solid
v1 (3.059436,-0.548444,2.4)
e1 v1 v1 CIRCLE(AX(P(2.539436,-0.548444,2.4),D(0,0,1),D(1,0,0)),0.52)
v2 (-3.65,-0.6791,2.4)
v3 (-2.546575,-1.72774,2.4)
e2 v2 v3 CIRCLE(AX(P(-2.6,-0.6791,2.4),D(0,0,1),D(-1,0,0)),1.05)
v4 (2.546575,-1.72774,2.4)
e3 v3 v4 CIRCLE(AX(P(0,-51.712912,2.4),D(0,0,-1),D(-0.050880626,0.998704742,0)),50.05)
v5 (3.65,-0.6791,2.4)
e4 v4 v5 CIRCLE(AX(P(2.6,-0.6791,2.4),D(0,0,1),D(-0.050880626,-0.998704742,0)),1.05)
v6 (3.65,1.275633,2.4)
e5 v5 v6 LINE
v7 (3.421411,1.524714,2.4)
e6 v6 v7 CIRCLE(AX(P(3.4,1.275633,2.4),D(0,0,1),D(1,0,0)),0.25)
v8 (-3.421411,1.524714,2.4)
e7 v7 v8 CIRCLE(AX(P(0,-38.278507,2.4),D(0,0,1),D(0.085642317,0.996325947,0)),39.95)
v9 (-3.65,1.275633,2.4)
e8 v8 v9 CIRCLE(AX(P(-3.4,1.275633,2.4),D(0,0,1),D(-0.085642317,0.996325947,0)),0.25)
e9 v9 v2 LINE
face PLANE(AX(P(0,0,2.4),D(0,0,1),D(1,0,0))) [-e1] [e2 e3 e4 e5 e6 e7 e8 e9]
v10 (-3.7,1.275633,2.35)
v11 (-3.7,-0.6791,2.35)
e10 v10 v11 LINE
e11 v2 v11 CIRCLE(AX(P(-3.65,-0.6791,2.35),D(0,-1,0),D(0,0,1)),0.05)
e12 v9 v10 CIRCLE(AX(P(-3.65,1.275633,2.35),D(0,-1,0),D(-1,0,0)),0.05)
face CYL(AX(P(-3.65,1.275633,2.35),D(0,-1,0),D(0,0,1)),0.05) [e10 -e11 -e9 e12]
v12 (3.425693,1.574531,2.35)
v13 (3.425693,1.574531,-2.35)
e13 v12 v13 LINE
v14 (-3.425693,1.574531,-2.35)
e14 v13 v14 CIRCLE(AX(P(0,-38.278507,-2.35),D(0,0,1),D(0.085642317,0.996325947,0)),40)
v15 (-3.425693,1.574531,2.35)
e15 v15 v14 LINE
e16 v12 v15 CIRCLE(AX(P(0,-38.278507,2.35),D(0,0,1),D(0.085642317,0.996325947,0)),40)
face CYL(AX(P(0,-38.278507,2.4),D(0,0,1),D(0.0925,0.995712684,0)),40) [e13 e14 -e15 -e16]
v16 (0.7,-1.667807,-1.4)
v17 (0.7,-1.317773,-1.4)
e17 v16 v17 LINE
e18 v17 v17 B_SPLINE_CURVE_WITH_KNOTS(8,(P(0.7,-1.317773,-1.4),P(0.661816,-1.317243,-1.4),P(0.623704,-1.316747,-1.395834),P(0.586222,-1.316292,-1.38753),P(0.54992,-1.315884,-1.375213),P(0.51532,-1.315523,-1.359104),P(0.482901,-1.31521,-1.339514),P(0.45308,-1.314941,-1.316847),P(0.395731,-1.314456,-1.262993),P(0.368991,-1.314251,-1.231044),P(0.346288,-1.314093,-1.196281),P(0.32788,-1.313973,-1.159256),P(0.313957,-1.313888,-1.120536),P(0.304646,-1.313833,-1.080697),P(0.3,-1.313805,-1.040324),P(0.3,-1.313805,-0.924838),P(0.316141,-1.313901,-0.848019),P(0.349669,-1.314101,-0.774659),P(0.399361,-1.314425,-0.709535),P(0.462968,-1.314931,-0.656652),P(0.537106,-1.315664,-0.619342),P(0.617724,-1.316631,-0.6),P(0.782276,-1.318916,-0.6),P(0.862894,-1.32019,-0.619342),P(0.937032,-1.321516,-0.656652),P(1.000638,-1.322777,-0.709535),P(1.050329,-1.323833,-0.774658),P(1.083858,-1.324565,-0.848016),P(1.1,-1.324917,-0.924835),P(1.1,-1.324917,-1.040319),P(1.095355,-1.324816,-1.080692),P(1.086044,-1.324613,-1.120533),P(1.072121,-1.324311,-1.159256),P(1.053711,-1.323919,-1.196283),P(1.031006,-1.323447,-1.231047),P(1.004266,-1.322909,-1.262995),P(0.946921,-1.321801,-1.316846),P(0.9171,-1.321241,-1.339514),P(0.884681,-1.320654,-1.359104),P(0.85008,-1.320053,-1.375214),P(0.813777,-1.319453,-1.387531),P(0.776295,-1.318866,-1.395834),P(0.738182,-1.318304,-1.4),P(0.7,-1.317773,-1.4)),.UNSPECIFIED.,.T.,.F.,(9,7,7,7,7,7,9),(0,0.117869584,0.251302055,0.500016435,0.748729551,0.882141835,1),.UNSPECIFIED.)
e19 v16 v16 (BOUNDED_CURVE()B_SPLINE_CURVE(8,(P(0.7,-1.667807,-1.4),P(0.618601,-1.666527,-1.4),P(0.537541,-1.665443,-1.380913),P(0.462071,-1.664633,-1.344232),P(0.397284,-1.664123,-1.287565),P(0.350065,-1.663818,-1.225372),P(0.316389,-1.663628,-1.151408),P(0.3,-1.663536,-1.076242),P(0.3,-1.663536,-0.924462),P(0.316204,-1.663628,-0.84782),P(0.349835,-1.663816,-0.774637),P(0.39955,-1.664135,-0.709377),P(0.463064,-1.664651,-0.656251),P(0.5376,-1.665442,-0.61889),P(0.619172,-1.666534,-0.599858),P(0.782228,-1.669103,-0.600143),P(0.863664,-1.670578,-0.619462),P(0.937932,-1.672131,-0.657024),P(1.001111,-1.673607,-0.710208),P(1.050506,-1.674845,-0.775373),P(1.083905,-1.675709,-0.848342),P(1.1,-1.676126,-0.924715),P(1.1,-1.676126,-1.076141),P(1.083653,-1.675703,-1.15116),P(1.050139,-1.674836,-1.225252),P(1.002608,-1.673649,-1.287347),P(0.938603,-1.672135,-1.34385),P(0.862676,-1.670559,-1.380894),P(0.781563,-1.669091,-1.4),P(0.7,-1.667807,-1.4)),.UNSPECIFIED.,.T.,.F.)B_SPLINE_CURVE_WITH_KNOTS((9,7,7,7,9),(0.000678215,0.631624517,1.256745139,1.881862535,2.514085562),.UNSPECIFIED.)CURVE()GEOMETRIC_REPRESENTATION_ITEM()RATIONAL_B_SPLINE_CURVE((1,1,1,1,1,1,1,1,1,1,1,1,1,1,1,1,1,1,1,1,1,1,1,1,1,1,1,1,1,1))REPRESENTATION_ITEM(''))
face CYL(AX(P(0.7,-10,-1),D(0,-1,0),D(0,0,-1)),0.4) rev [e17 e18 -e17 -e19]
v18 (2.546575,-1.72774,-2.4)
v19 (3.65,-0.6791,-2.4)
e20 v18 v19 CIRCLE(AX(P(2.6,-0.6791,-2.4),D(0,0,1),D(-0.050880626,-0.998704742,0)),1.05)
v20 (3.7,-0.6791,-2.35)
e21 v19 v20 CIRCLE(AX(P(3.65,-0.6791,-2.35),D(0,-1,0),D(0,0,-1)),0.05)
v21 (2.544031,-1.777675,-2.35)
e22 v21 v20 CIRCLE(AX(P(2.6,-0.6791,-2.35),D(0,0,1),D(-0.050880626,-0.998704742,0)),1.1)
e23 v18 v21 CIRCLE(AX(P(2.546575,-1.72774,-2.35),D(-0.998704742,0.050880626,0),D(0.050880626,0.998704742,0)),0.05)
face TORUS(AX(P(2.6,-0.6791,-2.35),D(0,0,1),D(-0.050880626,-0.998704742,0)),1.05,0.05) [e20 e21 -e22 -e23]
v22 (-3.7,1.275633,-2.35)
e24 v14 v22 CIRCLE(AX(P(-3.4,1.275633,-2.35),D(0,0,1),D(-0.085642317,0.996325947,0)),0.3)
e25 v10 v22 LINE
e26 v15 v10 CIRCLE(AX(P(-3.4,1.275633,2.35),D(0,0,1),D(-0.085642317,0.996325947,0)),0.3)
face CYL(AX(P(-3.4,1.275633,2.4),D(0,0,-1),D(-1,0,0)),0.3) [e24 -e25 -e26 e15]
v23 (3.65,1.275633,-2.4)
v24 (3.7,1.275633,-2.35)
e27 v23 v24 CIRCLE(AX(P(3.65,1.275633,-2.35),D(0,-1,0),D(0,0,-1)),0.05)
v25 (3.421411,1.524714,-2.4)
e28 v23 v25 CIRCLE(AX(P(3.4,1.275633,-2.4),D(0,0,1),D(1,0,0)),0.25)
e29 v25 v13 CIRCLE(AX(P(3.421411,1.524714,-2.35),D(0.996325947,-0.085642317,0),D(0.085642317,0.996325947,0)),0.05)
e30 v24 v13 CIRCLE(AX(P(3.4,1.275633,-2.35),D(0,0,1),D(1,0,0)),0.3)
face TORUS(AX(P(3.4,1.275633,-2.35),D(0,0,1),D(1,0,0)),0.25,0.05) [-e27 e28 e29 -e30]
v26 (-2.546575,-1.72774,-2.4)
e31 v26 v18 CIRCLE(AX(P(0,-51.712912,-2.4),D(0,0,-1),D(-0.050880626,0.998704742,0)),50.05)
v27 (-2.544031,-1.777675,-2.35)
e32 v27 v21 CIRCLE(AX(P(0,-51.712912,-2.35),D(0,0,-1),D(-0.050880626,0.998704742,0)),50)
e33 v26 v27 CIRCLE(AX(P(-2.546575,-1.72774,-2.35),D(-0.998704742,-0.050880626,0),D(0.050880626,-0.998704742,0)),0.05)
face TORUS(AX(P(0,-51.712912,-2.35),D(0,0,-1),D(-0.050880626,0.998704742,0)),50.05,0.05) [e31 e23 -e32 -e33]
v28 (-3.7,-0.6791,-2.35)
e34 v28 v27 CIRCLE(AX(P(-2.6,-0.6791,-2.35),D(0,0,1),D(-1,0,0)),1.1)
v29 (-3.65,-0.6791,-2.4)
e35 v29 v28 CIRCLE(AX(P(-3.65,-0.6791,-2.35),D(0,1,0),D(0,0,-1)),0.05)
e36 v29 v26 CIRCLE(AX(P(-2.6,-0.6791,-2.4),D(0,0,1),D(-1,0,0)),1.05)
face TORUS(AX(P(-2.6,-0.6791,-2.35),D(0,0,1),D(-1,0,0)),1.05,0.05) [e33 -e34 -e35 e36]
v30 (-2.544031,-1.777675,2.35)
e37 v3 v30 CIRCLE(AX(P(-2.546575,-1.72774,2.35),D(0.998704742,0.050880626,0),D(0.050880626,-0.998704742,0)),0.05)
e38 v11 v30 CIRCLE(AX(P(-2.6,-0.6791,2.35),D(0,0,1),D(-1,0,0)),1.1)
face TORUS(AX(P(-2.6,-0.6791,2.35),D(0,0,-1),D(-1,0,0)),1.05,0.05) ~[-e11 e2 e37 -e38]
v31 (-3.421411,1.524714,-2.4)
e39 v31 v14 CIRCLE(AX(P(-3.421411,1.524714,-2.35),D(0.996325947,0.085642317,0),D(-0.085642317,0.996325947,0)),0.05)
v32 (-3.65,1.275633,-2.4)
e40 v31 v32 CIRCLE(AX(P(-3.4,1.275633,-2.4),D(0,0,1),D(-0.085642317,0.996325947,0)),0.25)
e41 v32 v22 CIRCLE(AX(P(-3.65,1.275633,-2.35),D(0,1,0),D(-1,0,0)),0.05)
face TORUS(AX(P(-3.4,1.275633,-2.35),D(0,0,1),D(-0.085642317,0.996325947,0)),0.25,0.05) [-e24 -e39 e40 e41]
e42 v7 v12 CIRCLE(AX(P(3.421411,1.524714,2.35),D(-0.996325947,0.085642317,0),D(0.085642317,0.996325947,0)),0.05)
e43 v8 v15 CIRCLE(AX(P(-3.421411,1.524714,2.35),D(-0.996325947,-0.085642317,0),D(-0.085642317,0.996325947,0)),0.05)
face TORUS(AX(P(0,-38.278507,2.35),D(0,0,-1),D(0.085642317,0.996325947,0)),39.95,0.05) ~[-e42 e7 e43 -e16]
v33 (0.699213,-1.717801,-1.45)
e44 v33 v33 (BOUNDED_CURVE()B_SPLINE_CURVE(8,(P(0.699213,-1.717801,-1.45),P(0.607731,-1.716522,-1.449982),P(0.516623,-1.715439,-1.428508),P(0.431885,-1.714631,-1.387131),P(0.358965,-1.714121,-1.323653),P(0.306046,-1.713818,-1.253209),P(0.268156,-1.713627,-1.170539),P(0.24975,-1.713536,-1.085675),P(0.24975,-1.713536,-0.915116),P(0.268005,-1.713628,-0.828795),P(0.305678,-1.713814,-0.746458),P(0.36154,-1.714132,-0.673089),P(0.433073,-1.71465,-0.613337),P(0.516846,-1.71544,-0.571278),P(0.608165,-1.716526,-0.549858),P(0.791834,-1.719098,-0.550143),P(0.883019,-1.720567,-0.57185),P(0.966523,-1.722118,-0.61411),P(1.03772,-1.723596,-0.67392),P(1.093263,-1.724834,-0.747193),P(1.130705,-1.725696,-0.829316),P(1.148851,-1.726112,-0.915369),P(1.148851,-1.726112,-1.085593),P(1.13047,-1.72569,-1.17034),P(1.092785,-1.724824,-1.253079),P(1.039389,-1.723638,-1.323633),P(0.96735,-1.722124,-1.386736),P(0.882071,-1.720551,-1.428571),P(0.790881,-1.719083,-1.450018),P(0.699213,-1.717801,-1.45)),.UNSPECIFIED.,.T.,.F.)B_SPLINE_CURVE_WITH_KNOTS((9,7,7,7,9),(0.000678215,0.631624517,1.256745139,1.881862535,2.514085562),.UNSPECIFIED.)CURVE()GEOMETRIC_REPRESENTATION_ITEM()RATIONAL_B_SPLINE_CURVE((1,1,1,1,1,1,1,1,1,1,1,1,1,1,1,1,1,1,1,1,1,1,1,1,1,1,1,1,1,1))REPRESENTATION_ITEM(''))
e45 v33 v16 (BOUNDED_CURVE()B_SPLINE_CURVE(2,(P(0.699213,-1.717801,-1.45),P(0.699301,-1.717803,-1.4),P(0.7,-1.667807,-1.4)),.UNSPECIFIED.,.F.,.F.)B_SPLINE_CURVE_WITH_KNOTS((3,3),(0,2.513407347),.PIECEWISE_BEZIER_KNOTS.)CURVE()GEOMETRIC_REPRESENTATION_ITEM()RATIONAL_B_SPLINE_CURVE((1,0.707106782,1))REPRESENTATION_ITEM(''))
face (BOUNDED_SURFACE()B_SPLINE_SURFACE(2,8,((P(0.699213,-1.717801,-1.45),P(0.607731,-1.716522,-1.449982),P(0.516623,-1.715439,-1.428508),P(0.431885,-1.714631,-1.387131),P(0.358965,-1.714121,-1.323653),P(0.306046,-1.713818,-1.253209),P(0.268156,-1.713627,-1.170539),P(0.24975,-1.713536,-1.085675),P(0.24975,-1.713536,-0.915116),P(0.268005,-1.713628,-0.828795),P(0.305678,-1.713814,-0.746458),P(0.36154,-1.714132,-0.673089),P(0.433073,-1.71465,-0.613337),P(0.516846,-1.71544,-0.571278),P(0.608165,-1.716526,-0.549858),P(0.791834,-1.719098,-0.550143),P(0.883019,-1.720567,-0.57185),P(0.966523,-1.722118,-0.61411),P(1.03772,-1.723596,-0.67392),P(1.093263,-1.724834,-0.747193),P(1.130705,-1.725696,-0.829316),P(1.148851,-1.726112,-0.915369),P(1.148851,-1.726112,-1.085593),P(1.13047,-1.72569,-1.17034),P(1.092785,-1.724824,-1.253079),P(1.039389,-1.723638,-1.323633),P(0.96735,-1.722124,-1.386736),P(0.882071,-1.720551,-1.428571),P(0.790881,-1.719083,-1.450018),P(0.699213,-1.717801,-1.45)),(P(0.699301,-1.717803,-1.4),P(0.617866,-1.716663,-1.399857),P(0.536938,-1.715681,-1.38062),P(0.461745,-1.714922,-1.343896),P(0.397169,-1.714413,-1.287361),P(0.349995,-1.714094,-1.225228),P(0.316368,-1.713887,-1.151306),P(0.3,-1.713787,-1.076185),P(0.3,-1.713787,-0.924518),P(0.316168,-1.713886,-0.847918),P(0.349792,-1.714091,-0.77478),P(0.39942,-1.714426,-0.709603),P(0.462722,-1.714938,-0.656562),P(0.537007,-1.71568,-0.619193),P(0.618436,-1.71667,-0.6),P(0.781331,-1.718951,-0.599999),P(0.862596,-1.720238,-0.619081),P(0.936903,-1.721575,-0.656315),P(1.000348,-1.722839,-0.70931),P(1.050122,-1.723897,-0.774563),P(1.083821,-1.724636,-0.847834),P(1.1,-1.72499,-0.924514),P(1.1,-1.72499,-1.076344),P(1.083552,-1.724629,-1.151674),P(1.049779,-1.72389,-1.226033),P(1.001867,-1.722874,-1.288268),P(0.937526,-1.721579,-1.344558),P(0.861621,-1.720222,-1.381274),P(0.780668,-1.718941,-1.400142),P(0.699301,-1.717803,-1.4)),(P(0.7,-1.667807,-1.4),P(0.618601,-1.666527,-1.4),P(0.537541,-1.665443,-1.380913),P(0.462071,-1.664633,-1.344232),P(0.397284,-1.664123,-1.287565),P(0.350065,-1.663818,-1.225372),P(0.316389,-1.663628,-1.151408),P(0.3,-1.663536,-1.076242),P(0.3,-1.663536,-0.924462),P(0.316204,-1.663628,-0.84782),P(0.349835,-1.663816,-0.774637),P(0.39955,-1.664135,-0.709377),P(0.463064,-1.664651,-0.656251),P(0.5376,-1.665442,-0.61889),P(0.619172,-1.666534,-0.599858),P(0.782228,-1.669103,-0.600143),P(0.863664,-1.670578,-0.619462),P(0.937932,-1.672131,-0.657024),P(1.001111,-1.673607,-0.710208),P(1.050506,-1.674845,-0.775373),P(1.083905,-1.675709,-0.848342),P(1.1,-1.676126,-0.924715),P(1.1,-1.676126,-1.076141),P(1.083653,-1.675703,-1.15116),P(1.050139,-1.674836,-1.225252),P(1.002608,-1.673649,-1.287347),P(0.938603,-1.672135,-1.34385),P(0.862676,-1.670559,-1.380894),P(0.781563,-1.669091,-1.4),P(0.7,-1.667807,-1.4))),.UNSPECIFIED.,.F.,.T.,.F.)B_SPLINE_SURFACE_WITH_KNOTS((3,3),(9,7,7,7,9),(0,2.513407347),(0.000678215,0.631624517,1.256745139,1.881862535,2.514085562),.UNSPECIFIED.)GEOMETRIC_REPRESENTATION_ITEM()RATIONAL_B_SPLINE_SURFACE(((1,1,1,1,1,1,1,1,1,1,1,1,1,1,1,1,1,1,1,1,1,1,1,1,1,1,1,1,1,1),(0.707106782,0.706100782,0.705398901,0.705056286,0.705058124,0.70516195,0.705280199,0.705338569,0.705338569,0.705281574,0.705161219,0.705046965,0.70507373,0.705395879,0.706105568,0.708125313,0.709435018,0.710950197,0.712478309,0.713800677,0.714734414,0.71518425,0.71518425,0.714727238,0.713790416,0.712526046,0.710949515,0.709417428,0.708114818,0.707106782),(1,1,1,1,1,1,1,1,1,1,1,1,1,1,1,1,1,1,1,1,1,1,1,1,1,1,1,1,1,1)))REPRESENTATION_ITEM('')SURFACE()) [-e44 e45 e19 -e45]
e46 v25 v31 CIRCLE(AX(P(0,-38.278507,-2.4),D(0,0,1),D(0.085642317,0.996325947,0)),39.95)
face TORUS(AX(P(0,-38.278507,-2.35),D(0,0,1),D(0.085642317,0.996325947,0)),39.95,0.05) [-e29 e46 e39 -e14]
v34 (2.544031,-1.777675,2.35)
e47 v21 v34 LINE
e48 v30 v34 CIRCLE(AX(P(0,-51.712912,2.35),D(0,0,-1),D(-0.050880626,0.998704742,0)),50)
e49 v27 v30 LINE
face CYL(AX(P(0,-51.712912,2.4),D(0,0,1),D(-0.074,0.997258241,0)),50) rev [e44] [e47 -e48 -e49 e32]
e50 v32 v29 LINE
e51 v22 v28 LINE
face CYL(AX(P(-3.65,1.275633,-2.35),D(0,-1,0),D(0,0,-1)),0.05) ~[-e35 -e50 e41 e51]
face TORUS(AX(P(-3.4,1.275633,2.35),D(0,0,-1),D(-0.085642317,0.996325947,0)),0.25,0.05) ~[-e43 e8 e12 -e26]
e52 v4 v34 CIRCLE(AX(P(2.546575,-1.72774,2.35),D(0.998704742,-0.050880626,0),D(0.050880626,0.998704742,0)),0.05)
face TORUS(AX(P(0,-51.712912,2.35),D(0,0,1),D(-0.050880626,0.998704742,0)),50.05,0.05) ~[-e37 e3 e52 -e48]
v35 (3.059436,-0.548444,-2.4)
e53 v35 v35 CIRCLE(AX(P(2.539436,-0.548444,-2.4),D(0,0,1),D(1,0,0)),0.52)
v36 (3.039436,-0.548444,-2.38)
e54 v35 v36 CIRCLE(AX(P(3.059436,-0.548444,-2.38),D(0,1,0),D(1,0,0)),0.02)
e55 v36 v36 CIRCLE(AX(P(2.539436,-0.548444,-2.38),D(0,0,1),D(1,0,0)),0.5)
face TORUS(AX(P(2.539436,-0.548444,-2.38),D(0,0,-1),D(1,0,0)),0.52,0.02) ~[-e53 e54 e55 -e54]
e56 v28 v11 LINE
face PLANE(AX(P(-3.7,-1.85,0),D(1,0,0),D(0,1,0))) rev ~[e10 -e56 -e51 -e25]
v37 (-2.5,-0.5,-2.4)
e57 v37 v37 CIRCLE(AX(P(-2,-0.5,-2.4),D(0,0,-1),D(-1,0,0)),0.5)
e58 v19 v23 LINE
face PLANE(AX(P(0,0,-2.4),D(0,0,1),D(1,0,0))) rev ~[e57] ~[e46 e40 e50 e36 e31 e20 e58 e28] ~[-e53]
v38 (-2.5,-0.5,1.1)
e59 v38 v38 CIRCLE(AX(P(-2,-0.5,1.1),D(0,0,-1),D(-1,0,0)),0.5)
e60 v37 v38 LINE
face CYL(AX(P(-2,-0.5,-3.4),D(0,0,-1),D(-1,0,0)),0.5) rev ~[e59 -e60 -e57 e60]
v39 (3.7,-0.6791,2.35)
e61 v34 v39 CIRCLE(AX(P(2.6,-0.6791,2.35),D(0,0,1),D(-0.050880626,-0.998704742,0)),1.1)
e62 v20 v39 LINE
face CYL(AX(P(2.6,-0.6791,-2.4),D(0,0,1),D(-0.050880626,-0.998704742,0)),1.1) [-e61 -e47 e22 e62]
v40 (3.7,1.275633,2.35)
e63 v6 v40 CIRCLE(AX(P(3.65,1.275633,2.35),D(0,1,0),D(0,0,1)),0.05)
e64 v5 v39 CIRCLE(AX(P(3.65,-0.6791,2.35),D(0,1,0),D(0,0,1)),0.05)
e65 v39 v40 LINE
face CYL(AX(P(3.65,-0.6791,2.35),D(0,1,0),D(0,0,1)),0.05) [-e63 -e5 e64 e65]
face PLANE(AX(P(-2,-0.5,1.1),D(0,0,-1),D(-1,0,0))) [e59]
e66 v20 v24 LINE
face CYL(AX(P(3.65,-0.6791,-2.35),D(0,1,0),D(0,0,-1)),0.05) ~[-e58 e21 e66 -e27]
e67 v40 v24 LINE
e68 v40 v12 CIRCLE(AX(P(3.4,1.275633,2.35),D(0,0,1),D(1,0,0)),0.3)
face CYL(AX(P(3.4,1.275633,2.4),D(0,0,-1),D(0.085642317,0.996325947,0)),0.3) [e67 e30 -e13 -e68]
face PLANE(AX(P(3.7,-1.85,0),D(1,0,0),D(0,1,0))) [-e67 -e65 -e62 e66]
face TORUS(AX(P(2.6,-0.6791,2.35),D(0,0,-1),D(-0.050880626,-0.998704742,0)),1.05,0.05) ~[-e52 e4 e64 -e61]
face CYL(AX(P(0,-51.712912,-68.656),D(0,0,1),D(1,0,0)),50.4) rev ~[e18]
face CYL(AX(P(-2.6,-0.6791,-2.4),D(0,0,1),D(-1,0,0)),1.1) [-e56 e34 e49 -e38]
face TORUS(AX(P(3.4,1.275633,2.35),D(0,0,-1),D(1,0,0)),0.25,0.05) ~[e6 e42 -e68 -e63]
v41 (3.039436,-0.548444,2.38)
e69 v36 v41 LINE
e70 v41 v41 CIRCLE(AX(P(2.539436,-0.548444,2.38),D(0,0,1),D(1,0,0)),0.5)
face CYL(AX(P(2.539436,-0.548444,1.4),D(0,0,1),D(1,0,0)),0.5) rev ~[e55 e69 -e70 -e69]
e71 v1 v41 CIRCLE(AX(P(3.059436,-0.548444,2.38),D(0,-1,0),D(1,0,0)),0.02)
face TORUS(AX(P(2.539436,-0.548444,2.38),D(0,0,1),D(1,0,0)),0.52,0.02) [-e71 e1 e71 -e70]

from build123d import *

# Parameters (mm, degrees)
SKETCH1_W               = 7.4
SKETCH1_H               = 3.7
BOSS_EXTRUDE1_DEPTH     = 2.4
CUT_EXTRUDE1_DEPTH      = 4.8
FILLET1_R               = 1.1
FILLET2_R               = 0.3
FILLET3_R               = 0.05
CUT_EXTRUDE2_START      = -1
SKETCH3_R               = 0.5
CUT_EXTRUDE2_DEPTH      = 7.4
FILLET4_R               = 0.02
CUT_EXTRUDE3_START      = 1
SKETCH4_R               = 0.5
CUT_EXTRUDE3_DEPTH      = 4.5
CUT_EXTRUDE4_REACH      = 16.756
CUT_EXTRUDE4_END_RADIUS = 50.4
CUT_EXTRUDE4_START      = -10
SKETCH5_R               = 0.4
FILLET5_R               = 0.05


with BuildPart() as part:
    # Sketch1 → Boss-Extrude1 (new, symmetric)
    with BuildSketch(Plane.XY):
        Rectangle(SKETCH1_W, SKETCH1_H)
    extrude(amount=BOSS_EXTRUDE1_DEPTH, both=True)

    # Sketch2 → Cut-Extrude1 (cut)
    with BuildSketch(Plane.XY.offset(2.4)):
        with BuildLine():
            Line((-3.7, 1.55), (-7.120690005, 4.011417256))
            Line((-7.120690005, 4.011417256), (5.535860742, 3.886722174))
            Line((5.535860742, 3.886722174), (3.7, 1.55))
            ThreePointArc((3.7, 1.55), (0, 1.721492621), (-3.7, 1.55))
        make_face()
        with BuildLine():
            Line((3.7, -1.85), (0.350623614, -3.782025322))
            Line((0.350623614, -3.782025322), (-3.7, -1.85))
            ThreePointArc((-3.7, -1.85), (0, -1.712912069), (3.7, -1.85))
        make_face()
    extrude(amount=-CUT_EXTRUDE1_DEPTH, mode=Mode.SUBTRACT)

    # Fillet1
    fillet1_edges = [part.edges().sort_by_distance(p)[0] for p in [
        (3.7, -1.85, 0),
        (-3.7, -1.85, 0),
    ]]
    fillet(fillet1_edges, radius=FILLET1_R)

    # Fillet2
    fillet2_edges = [part.edges().sort_by_distance(p)[0] for p in [
        (3.7, 1.55, 0),
        (-3.7, 1.55, 0),
    ]]
    fillet(fillet2_edges, radius=FILLET2_R)

    # Fillet3
    fillet3_edges = [part.edges().sort_by_distance(p)[0] for p in [
        (3.7, 0.298266493, -2.4),
        (3.7, 0.298266493, 2.4),
        (0, -1.712912069, -2.4),
        (-3.35777122, -1.476459629, -2.4),
        (3.35777122, -1.476459629, -2.4),
        (0, -1.712912069, 2.4),
        (-3.35777122, -1.476459629, 2.4),
        (3.35777122, -1.476459629, 2.4),
        (0, 1.721492621, 2.4),
        (-3.7, 0.298266493, 2.4),
        (-3.621029193, 1.478477738, 2.4),
        (3.621029193, 1.478477738, 2.4),
        (0, 1.721492621, -2.4),
        (-3.7, 0.298266493, -2.4),
        (-3.621029193, 1.478477738, -2.4),
        (3.621029193, 1.478477738, -2.4),
    ]]
    fillet(fillet3_edges, radius=FILLET3_R)

    # Sketch3 → Cut-Extrude2 (cut, symmetric)
    with BuildSketch(Plane.XY.offset(2.4).offset(CUT_EXTRUDE2_START)):
        with Locations((2.539436079, -0.548443568)):
            Circle(SKETCH3_R)
    extrude(amount=CUT_EXTRUDE2_DEPTH, both=True, mode=Mode.SUBTRACT)

    # Fillet4
    fillet4_edges = [part.edges().sort_by_distance(p)[0] for p in [
        (2.039436079, -0.548443568, 2.4),
        (2.039436079, -0.548443568, -2.4),
    ]]
    fillet(fillet4_edges, radius=FILLET4_R)

    # Sketch4 → Cut-Extrude3 (cut)
    with BuildSketch(Plane(origin=(0, 0, -2.4), x_dir=(-1, 0, 0), z_dir=(0, 0, -1)).offset(CUT_EXTRUDE3_START)):
        with Locations((2, -0.5)):
            Circle(SKETCH4_R)
    extrude(amount=-CUT_EXTRUDE3_DEPTH, mode=Mode.SUBTRACT)

    # Cut-Extrude4: up to this cylinder (the profile starts inside it)
    cut_extrude4_end = Plane(origin=(0, -51.712912069, -1), z_dir=(0, 0, 1)) * Cylinder(CUT_EXTRUDE4_END_RADIUS, 135.312, mode=Mode.PRIVATE)
    # Sketch5 → Cut-Extrude4 (cut, up to the surface)
    with BuildSketch(Plane(origin=(0, 0, 0), x_dir=(1, 0, 0), z_dir=(0, 1, 0)).offset(CUT_EXTRUDE4_START), mode=Mode.PRIVATE) as cut_extrude4_sk1:
        with Locations(Location((0.7, 1, 0), (0, 0, 90))):
            Circle(SKETCH5_R)
    cut_extrude4_tool1 = extrude(cut_extrude4_sk1.sketch, amount=CUT_EXTRUDE4_REACH, mode=Mode.PRIVATE) & cut_extrude4_end
    add(cut_extrude4_tool1.solids().sort_by_distance((0.7, -10, -1))[0], mode=Mode.SUBTRACT)

    # Fillet5
    fillet5_edges = [part.edges().sort_by_distance(p)[0] for p in [
        (0.700029875, -1.717812727, -0.600000001),
    ]]
    fillet(fillet5_edges, radius=FILLET5_R)


solid = part.part
